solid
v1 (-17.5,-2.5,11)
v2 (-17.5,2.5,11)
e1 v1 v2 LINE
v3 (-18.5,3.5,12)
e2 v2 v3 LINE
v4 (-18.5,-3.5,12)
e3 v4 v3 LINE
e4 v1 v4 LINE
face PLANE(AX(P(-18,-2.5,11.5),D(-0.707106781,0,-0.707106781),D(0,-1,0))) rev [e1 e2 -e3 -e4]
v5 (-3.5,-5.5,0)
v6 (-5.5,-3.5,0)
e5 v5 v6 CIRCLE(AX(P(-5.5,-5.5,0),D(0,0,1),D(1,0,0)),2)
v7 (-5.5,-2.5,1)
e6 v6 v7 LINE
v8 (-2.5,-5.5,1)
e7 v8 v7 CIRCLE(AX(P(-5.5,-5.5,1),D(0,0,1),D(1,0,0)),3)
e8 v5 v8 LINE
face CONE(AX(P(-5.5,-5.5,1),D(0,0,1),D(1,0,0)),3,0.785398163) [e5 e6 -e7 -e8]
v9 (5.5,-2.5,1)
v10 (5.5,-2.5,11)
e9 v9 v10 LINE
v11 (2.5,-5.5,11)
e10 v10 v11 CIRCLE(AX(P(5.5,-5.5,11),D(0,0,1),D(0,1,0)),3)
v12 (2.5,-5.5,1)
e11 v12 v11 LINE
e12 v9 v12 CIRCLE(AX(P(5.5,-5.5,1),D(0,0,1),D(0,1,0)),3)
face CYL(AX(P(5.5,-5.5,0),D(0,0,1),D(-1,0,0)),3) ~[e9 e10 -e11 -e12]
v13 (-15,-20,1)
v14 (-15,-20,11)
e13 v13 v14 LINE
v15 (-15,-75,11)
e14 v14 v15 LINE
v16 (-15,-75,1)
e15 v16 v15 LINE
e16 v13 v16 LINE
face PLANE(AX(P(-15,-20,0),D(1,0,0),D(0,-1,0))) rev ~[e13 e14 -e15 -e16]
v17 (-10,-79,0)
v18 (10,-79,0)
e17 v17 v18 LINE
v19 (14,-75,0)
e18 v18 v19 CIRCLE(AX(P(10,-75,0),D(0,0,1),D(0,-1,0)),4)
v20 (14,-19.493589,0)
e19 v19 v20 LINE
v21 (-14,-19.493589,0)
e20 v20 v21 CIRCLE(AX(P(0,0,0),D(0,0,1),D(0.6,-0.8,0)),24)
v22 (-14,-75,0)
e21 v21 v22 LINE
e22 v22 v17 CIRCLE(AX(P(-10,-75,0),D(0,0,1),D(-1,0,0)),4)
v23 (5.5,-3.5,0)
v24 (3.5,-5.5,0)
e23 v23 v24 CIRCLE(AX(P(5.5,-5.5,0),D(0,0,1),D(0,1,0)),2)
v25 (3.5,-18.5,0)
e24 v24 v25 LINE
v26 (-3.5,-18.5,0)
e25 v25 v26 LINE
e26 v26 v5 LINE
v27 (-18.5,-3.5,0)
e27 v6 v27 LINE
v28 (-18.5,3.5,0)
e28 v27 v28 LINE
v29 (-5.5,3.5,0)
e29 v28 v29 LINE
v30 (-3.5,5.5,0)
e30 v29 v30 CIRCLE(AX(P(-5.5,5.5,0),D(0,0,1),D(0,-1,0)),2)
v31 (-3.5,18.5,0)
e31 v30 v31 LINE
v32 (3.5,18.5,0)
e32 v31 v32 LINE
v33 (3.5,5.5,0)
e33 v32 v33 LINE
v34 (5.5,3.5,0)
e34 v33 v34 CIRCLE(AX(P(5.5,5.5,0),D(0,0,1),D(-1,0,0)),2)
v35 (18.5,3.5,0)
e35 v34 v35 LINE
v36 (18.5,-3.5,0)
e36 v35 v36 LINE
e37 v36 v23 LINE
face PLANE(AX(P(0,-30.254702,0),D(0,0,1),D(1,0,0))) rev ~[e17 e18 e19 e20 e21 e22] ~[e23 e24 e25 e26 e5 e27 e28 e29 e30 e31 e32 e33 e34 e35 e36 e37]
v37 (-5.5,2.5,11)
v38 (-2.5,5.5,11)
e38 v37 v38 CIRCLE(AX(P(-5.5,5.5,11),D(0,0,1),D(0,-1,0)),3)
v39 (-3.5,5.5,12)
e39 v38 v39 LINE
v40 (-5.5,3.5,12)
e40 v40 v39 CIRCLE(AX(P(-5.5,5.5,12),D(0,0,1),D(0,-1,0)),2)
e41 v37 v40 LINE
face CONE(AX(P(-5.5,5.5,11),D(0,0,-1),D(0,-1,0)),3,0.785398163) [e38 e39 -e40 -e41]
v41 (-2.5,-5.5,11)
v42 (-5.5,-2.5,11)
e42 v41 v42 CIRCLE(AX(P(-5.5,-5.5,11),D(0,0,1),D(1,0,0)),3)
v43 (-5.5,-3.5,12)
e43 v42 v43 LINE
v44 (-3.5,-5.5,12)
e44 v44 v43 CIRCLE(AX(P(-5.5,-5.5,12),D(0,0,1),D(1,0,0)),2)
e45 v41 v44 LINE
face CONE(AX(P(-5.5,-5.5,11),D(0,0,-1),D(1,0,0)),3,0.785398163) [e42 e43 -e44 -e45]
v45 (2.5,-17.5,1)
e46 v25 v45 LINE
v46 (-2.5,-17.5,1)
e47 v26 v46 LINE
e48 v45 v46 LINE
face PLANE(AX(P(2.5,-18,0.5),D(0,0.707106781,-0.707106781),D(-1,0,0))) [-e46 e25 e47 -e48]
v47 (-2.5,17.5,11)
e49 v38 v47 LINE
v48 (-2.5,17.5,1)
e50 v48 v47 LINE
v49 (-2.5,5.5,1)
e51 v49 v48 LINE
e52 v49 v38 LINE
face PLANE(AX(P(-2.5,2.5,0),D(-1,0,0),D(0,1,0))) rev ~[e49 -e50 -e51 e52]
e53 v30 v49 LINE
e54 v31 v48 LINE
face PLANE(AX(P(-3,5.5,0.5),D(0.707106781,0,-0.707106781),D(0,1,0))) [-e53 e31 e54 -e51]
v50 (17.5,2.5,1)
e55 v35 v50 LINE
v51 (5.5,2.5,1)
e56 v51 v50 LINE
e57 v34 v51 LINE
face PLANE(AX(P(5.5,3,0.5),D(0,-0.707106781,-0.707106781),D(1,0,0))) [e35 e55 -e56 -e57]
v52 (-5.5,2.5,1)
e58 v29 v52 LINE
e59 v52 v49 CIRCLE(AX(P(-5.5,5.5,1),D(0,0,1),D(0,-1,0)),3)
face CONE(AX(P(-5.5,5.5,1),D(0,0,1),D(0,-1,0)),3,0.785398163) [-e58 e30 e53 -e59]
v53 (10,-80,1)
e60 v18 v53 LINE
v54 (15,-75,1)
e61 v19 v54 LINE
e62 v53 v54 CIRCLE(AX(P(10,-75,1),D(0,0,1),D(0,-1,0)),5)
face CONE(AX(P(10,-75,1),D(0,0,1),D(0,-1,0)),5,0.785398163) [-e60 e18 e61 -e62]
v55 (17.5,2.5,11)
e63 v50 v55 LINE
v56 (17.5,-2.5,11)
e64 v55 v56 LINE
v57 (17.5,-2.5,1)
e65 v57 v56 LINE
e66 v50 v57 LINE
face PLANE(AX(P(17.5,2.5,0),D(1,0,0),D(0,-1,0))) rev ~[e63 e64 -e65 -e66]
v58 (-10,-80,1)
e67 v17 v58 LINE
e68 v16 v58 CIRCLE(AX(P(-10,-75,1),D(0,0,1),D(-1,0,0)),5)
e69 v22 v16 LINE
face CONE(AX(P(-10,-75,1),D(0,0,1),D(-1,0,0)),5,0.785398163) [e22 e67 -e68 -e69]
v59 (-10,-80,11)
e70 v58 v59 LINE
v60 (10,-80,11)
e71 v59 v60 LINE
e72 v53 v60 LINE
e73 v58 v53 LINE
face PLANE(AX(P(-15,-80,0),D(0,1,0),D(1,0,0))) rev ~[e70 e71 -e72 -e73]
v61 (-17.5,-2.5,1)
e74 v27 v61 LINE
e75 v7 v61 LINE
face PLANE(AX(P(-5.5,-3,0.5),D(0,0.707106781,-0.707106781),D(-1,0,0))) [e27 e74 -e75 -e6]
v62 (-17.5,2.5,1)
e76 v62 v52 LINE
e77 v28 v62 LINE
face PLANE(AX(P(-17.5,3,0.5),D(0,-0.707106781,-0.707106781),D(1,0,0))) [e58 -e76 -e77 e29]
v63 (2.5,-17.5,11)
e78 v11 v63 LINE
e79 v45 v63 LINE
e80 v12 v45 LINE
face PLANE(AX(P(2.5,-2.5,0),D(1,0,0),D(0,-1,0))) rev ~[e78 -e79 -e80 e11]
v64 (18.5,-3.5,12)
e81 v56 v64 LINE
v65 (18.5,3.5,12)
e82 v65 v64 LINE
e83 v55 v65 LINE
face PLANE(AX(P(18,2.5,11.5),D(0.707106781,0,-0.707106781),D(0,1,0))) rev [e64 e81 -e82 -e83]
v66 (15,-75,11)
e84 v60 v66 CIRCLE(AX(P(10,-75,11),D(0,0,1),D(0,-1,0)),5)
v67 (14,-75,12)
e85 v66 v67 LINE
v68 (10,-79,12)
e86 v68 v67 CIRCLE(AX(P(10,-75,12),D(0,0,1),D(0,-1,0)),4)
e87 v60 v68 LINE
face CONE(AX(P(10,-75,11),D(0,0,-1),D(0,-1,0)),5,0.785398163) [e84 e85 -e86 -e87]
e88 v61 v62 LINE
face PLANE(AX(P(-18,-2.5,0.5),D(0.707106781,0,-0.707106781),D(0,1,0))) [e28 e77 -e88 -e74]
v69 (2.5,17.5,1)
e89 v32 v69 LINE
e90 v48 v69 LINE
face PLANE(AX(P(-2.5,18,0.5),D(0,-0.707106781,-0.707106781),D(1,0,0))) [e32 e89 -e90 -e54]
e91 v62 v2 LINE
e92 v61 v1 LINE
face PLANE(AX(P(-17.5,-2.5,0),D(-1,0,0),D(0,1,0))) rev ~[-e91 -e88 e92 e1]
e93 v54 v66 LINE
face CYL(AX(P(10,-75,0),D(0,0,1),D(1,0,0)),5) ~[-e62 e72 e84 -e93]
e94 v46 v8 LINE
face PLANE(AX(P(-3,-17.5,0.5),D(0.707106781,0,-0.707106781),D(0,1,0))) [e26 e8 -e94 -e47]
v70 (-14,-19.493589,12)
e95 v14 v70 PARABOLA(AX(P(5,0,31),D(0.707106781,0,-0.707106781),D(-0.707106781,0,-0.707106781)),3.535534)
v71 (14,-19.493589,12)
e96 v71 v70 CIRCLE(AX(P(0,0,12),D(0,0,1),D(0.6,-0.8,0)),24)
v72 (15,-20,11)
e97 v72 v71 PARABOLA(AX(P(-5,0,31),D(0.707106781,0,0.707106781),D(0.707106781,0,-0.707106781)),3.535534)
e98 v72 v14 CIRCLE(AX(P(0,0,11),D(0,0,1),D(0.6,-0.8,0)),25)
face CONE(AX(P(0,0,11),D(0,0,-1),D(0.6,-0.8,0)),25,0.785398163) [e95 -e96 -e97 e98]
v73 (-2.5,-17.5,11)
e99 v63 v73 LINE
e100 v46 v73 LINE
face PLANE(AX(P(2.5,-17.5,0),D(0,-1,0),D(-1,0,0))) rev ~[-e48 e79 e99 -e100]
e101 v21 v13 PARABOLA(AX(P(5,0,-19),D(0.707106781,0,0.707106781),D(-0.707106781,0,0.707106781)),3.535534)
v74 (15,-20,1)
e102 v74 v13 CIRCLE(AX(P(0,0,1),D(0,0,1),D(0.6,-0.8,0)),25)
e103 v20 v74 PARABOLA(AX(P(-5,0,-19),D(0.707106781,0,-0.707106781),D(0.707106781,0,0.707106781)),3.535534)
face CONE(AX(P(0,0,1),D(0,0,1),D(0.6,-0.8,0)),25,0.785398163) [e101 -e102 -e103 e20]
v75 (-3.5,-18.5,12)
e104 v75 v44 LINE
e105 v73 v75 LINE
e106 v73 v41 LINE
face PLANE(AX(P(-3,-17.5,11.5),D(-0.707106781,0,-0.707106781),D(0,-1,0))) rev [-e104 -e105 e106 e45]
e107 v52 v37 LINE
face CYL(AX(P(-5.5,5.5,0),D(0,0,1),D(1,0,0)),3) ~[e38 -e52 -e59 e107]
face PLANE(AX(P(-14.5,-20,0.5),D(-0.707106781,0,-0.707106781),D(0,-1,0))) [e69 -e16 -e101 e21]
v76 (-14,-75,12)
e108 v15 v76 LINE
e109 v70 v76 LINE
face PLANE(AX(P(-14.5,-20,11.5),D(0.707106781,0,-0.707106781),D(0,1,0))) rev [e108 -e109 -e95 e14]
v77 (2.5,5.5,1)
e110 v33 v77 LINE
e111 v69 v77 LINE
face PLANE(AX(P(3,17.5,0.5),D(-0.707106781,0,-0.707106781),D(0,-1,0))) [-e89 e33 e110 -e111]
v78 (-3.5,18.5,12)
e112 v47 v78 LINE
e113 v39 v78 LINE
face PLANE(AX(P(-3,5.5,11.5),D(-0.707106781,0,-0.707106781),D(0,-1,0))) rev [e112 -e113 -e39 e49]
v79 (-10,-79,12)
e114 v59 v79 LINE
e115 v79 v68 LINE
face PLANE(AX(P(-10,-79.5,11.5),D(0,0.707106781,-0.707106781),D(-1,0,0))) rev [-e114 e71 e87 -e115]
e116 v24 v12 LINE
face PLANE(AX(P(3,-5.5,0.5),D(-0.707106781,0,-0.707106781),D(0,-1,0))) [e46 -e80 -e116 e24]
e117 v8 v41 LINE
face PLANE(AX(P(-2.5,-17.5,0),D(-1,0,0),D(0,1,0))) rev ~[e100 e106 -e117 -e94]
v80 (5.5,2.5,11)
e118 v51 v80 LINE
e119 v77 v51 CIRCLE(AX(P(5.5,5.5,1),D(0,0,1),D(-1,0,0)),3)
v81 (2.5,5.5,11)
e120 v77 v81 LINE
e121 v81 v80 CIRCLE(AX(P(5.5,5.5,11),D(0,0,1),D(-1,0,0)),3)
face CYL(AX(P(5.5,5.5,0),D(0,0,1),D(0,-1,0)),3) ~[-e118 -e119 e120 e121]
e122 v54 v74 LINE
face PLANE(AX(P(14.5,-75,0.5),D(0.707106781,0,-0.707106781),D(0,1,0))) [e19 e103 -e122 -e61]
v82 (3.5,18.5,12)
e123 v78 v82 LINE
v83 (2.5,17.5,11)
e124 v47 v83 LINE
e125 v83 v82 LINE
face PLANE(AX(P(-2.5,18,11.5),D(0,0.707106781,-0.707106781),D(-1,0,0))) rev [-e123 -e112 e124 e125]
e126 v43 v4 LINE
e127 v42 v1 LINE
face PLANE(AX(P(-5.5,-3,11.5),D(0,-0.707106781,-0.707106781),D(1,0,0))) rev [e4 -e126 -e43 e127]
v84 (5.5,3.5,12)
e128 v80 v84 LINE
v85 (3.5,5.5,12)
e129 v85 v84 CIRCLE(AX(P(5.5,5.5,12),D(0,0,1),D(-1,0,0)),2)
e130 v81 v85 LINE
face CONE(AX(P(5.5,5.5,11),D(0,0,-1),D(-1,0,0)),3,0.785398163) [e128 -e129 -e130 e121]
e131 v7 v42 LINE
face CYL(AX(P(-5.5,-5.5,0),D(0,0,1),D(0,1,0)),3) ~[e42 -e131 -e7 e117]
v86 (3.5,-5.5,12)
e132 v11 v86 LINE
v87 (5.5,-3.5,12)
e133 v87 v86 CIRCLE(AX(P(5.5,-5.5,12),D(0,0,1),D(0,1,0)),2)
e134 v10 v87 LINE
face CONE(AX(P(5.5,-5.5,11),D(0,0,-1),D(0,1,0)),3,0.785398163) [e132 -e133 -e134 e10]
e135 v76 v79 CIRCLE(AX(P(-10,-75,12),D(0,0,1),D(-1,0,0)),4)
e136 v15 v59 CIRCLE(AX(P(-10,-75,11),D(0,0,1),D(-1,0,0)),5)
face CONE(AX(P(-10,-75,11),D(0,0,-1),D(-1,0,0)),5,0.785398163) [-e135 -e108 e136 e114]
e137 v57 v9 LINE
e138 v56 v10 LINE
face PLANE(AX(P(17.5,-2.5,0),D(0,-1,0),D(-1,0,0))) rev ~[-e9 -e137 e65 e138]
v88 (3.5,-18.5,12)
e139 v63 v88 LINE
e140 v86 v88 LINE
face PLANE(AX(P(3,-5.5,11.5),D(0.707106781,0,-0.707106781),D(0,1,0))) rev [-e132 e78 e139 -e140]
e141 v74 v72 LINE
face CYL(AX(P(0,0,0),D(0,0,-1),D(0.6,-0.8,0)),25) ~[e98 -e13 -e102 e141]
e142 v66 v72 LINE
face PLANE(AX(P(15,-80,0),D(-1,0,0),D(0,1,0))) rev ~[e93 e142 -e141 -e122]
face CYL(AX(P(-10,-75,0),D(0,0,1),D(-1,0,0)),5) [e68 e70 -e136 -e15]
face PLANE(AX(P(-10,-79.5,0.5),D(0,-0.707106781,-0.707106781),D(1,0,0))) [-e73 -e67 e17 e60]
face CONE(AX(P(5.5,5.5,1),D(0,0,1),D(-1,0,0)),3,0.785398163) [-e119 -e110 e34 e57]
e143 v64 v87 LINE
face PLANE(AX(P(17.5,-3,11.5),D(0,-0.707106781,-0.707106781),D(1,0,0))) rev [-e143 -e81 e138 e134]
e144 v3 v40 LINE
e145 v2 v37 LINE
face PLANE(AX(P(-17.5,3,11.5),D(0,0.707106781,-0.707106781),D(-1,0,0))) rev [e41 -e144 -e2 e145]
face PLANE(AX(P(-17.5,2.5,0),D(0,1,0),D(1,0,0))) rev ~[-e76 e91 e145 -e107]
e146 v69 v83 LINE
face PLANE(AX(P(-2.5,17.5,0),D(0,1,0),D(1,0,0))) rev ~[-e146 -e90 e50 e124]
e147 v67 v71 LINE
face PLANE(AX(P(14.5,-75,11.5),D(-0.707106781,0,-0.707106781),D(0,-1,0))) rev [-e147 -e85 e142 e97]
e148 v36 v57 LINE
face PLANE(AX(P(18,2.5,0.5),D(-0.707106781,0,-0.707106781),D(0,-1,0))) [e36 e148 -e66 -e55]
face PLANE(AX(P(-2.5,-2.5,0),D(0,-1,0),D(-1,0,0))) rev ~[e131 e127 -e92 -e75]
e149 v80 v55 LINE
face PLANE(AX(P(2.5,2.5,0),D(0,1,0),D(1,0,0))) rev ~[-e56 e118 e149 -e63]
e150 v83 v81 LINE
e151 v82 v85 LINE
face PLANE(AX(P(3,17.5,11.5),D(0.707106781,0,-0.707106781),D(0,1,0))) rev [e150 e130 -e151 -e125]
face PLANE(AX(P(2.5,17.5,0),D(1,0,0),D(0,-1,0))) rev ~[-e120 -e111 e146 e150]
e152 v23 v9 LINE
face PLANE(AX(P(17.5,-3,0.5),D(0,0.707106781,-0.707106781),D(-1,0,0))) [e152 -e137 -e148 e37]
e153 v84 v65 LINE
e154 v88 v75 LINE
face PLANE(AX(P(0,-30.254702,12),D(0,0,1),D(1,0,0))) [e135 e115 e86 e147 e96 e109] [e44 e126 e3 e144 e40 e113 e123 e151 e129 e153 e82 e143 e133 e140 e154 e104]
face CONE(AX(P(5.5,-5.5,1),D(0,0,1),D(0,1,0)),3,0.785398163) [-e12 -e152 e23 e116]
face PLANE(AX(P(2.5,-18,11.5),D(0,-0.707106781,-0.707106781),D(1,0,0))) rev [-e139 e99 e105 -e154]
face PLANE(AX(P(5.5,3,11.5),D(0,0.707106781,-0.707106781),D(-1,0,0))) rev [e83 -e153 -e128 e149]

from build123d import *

# Parameters (mm, degrees)
PAD_DEPTH    = 12
FILLET_R     = 5
FILLET001_R  = 3
CHAMFER_SIZE = 1


with BuildPart() as part:
    # Sketch → Pad (new body)
    with BuildSketch(Plane.XY):
        with BuildLine():
            ThreePointArc((15, -20), (0, 25), (-15, -20))
            Line((-15, -20), (-15, -80))
            Line((-15, -80), (15, -80))
            Line((15, -80), (15, -20))
        make_face()
        Polygon((-17.5, 2.5), (-2.5, 2.5), (-2.5, 17.5), (2.5, 17.5), (2.5, 2.5), (17.5, 2.5), (17.5, -2.5), (2.5, -2.5), (2.5, -17.5), (-2.5, -17.5), (-2.5, -2.5), (-17.5, -2.5), align=None, mode=Mode.SUBTRACT)
    extrude(amount=PAD_DEPTH)

    # Fillet
    fillet_edges = [part.edges().sort_by_distance(p)[0] for p in [
        (-15, -80, 6),
        (15, -80, 6),
    ]]
    fillet(fillet_edges, radius=FILLET_R)

    # Fillet001
    fillet001_edges = [part.edges().sort_by_distance(p)[0] for p in [
        (-2.5, 2.5, 6),
        (2.5, 2.5, 6),
        (2.5, -2.5, 6),
        (-2.5, -2.5, 6),
    ]]
    fillet(fillet001_edges, radius=FILLET001_R)

    # Chamfer
    chamfer_edges = [part.edges().sort_by_distance(p)[0] for p in [
        (-11.5, 2.5, 0),
        (-3.37868, 3.37868, 0),
        (-17.5, 0, 0),
        (-2.5, 11.5, 0),
        (-11.5, -2.5, 0),
        (0, 17.5, 0),
        (-3.37868, -3.37868, 0),
        (2.5, 11.5, 0),
        (-2.5, -11.5, 0),
        (3.37868, 3.37868, 0),
        (0, -17.5, 0),
        (11.5, 2.5, 0),
        (2.5, -11.5, 0),
        (17.5, 0, 0),
        (3.37868, -3.37868, 0),
        (11.5, -2.5, 0),
        (-15, -47.5, 0),
        (-13.535534, -78.535534, 0),
        (0, 25, 0),
        (0, -80, 0),
        (15, -47.5, 0),
        (13.535534, -78.535534, 0),
        (-11.5, 2.5, 12),
        (-3.37868, 3.37868, 12),
        (-17.5, 0, 12),
        (-2.5, 11.5, 12),
        (-11.5, -2.5, 12),
        (0, 17.5, 12),
        (-3.37868, -3.37868, 12),
        (2.5, 11.5, 12),
        (-2.5, -11.5, 12),
        (3.37868, 3.37868, 12),
        (0, -17.5, 12),
        (11.5, 2.5, 12),
        (2.5, -11.5, 12),
        (17.5, 0, 12),
        (3.37868, -3.37868, 12),
        (11.5, -2.5, 12),
        (-15, -47.5, 12),
        (-13.535534, -78.535534, 12),
        (0, 25, 12),
        (0, -80, 12),
        (15, -47.5, 12),
        (13.535534, -78.535534, 12),
    ]]
    chamfer(chamfer_edges, length=CHAMFER_SIZE)


solid = part.part
